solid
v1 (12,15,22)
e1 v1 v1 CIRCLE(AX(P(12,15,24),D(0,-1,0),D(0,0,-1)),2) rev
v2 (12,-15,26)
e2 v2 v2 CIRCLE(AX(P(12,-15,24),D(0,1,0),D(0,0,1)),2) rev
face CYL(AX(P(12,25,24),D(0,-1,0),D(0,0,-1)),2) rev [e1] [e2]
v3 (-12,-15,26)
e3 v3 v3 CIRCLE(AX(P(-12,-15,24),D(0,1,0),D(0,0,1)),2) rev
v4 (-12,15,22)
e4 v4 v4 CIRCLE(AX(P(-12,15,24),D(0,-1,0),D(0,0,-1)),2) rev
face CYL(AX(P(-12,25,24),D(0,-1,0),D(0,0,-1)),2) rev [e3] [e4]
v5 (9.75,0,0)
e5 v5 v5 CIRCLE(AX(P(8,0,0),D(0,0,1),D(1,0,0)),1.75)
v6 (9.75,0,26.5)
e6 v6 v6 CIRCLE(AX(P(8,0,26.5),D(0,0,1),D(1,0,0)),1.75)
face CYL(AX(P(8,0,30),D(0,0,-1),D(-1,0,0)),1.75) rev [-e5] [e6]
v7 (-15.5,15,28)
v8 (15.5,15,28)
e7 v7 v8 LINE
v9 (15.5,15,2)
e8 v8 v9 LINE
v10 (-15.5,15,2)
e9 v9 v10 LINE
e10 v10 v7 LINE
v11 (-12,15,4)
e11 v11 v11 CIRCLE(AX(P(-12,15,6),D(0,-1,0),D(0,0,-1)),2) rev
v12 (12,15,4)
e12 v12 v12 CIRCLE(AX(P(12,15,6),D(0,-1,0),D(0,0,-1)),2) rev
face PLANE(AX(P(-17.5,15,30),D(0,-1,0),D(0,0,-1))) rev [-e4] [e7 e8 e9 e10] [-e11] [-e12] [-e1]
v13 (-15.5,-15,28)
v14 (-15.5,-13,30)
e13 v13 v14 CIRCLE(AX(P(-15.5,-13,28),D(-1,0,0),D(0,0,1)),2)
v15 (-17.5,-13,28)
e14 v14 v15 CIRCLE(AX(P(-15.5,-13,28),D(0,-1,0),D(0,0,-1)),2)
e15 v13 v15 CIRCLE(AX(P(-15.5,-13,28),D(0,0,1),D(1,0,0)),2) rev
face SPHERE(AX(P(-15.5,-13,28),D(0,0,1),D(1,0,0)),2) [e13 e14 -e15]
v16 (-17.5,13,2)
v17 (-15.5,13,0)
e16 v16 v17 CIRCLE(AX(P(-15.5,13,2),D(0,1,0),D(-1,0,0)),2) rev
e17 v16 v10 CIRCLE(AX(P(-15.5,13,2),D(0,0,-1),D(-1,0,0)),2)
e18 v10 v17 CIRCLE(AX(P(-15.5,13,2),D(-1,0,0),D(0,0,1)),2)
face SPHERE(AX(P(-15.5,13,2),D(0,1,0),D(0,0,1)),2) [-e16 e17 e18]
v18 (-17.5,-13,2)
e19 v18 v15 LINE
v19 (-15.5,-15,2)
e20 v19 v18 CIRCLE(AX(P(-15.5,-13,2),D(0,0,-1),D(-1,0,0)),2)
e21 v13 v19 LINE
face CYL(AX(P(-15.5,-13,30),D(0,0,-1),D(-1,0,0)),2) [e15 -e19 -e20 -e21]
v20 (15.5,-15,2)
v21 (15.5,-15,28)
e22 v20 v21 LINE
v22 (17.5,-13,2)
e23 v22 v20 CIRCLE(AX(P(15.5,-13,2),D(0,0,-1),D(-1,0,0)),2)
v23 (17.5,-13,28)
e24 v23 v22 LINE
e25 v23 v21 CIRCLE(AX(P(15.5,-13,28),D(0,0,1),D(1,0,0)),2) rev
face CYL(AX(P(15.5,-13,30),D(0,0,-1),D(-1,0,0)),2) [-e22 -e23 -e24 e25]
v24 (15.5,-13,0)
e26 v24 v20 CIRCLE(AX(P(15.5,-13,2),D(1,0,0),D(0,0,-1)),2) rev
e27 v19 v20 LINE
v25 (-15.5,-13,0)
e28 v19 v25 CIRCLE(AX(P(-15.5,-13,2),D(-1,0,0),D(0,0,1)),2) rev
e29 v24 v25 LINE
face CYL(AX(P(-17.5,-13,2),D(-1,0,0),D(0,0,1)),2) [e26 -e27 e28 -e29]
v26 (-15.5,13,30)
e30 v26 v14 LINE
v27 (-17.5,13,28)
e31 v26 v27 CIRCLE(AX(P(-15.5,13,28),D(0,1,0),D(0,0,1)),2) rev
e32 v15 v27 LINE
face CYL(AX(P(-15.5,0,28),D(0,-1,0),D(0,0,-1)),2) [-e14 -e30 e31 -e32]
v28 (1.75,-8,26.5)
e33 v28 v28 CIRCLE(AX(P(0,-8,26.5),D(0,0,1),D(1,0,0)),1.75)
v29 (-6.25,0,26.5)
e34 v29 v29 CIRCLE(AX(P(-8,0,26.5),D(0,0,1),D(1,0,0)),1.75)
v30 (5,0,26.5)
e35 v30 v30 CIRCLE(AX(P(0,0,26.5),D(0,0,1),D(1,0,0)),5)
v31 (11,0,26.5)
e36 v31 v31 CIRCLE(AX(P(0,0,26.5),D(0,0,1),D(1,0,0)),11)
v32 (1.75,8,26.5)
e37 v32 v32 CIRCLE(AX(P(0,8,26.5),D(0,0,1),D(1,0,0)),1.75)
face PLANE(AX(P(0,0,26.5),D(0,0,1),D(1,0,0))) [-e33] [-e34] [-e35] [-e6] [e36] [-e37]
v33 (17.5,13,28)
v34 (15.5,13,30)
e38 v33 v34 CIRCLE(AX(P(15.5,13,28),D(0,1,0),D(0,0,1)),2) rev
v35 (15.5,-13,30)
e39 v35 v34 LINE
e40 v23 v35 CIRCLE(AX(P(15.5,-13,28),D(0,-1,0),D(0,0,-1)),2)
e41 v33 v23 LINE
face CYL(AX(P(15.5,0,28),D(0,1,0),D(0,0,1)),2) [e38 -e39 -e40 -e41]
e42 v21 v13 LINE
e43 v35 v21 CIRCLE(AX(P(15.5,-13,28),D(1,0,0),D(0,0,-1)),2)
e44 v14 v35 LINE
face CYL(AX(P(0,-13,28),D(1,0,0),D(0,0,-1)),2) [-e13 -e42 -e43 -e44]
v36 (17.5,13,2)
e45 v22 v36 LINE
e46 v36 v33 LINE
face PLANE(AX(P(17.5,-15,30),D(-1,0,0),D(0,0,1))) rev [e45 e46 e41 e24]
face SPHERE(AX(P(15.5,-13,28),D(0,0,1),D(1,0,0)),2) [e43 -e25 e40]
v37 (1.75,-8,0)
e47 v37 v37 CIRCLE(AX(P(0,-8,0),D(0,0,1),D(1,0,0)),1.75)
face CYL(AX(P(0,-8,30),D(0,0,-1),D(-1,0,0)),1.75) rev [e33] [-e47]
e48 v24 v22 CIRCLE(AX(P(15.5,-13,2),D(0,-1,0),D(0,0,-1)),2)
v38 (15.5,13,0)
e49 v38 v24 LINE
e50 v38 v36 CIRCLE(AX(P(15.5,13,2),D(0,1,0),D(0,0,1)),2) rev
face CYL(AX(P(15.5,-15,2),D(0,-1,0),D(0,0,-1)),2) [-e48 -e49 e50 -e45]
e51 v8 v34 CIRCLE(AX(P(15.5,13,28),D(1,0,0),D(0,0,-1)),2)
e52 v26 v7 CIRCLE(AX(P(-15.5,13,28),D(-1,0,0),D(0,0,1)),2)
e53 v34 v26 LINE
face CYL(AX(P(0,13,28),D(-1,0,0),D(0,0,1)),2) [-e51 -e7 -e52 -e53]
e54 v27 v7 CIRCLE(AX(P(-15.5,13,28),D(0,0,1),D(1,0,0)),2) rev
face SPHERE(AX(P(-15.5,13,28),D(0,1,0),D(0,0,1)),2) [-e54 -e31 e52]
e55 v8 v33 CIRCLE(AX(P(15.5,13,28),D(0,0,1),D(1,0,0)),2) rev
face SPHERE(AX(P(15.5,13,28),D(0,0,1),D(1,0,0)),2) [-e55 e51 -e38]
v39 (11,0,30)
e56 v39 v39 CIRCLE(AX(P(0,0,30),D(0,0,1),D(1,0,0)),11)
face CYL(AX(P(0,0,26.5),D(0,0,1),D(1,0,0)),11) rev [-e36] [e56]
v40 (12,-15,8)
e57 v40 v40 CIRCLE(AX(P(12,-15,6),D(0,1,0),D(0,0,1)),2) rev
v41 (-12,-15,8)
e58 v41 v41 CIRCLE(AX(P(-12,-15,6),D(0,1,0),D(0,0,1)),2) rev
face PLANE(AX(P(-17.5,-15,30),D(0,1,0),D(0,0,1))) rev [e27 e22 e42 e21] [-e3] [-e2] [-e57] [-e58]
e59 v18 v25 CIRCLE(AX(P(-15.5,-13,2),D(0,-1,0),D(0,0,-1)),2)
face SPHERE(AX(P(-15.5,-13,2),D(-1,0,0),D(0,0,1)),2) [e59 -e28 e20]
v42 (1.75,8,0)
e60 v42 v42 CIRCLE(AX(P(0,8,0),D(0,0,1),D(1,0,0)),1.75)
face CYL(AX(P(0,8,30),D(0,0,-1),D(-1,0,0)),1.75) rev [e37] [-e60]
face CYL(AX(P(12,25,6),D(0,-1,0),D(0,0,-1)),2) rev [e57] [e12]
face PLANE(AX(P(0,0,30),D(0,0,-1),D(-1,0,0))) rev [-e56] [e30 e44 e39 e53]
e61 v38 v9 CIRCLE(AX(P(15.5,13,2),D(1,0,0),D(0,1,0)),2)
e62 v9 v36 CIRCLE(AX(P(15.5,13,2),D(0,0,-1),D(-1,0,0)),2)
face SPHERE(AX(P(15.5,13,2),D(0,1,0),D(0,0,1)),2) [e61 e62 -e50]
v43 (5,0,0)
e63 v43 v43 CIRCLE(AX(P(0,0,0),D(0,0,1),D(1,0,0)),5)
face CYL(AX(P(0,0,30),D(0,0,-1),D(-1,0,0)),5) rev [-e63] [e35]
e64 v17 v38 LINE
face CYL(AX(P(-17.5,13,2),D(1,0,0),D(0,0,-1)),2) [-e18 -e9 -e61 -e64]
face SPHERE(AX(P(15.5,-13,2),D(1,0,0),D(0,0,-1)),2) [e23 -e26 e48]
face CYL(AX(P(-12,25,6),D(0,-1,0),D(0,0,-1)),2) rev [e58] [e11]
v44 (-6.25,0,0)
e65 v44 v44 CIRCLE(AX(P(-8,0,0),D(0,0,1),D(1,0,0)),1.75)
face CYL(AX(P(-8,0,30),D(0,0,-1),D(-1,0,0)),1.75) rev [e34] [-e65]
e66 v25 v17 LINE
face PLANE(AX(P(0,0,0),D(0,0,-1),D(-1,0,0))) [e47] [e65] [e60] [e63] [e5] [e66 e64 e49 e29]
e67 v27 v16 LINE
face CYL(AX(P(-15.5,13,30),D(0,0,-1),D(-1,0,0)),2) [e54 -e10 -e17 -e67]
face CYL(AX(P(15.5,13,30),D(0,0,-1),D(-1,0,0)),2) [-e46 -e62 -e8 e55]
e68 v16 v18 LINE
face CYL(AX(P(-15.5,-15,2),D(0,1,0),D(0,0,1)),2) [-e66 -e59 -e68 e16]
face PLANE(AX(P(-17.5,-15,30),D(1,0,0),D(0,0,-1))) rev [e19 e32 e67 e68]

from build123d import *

# Parameters (mm, degrees)
CROQUIS1_W                 = 35
CROQUIS1_H                 = 30
CROQUIS1_R                 = 5
CROQUIS1_R_2               = 1.75
SALIENTE_EXTRUIR1_DEPTH    = 30
CROQUIS2_R                 = 11
CORTAR_EXTRUIR1_DEPTH      = 3.5
REDONDEO2_R                = 2
CORTAR_EXTRUIR2_DEPTH      = 10
CORTAR_EXTRUIR2_DEPTH_BACK = 31.5
CROQUIS3_R                 = 2


with BuildPart() as part:
    # Croquis1 → Saliente-Extruir1 (new body)
    with BuildSketch(Plane.XY):
        Rectangle(CROQUIS1_W, CROQUIS1_H)
        Circle(CROQUIS1_R, mode=Mode.SUBTRACT)
        with Locations((0, 8)):
            Circle(CROQUIS1_R_2, mode=Mode.SUBTRACT)
        with Locations((8, 0)):
            Circle(CROQUIS1_R_2, mode=Mode.SUBTRACT)
        with Locations((0, -8)):
            Circle(CROQUIS1_R_2, mode=Mode.SUBTRACT)
        with Locations((-8, 0)):
            Circle(CROQUIS1_R_2, mode=Mode.SUBTRACT)
    extrude(amount=SALIENTE_EXTRUIR1_DEPTH)

    # Croquis2 → Cortar-Extruir1 (cut)
    with BuildSketch(Plane.XY.offset(30)):
        Circle(CROQUIS2_R)
    extrude(amount=-CORTAR_EXTRUIR1_DEPTH, mode=Mode.SUBTRACT)

    # Redondeo2
    redondeo2_edges = [part.edges().sort_by_distance(p)[0] for p in [
        (-17.5, 0, 30),
        (0, -15, 30),
        (17.5, 0, 30),
        (0, -15, 0),
        (-17.5, 0, 0),
        (0, 15, 0),
        (17.5, 0, 0),
        (17.5, -15, 15),
        (-17.5, -15, 15),
        (-17.5, 15, 15),
        (17.5, 15, 15),
        (0, 15, 30),
    ]]
    fillet(redondeo2_edges, radius=REDONDEO2_R)

    # Croquis3 → Cortar-Extruir2 (cut, two sides: drawn at the far end of the back side and taken through both)
    with BuildSketch(Plane(origin=(0, 15, 0), x_dir=(1, 0, 0), z_dir=(0, 1, 0)).offset(-CORTAR_EXTRUIR2_DEPTH_BACK)):
        with Locations(Location((-12, -24, 0), (0, 0, 90))):
            Circle(CROQUIS3_R)
        with Locations(Location((12, -24, 0), (0, 0, 90))):
            Circle(CROQUIS3_R)
        with Locations(Location((-12, -6, 0), (0, 0, 90))):
            Circle(CROQUIS3_R)
        with Locations(Location((12, -6, 0), (0, 0, 90))):
            Circle(CROQUIS3_R)
    extrude(amount=CORTAR_EXTRUIR2_DEPTH + CORTAR_EXTRUIR2_DEPTH_BACK, mode=Mode.SUBTRACT)


solid = part.part
